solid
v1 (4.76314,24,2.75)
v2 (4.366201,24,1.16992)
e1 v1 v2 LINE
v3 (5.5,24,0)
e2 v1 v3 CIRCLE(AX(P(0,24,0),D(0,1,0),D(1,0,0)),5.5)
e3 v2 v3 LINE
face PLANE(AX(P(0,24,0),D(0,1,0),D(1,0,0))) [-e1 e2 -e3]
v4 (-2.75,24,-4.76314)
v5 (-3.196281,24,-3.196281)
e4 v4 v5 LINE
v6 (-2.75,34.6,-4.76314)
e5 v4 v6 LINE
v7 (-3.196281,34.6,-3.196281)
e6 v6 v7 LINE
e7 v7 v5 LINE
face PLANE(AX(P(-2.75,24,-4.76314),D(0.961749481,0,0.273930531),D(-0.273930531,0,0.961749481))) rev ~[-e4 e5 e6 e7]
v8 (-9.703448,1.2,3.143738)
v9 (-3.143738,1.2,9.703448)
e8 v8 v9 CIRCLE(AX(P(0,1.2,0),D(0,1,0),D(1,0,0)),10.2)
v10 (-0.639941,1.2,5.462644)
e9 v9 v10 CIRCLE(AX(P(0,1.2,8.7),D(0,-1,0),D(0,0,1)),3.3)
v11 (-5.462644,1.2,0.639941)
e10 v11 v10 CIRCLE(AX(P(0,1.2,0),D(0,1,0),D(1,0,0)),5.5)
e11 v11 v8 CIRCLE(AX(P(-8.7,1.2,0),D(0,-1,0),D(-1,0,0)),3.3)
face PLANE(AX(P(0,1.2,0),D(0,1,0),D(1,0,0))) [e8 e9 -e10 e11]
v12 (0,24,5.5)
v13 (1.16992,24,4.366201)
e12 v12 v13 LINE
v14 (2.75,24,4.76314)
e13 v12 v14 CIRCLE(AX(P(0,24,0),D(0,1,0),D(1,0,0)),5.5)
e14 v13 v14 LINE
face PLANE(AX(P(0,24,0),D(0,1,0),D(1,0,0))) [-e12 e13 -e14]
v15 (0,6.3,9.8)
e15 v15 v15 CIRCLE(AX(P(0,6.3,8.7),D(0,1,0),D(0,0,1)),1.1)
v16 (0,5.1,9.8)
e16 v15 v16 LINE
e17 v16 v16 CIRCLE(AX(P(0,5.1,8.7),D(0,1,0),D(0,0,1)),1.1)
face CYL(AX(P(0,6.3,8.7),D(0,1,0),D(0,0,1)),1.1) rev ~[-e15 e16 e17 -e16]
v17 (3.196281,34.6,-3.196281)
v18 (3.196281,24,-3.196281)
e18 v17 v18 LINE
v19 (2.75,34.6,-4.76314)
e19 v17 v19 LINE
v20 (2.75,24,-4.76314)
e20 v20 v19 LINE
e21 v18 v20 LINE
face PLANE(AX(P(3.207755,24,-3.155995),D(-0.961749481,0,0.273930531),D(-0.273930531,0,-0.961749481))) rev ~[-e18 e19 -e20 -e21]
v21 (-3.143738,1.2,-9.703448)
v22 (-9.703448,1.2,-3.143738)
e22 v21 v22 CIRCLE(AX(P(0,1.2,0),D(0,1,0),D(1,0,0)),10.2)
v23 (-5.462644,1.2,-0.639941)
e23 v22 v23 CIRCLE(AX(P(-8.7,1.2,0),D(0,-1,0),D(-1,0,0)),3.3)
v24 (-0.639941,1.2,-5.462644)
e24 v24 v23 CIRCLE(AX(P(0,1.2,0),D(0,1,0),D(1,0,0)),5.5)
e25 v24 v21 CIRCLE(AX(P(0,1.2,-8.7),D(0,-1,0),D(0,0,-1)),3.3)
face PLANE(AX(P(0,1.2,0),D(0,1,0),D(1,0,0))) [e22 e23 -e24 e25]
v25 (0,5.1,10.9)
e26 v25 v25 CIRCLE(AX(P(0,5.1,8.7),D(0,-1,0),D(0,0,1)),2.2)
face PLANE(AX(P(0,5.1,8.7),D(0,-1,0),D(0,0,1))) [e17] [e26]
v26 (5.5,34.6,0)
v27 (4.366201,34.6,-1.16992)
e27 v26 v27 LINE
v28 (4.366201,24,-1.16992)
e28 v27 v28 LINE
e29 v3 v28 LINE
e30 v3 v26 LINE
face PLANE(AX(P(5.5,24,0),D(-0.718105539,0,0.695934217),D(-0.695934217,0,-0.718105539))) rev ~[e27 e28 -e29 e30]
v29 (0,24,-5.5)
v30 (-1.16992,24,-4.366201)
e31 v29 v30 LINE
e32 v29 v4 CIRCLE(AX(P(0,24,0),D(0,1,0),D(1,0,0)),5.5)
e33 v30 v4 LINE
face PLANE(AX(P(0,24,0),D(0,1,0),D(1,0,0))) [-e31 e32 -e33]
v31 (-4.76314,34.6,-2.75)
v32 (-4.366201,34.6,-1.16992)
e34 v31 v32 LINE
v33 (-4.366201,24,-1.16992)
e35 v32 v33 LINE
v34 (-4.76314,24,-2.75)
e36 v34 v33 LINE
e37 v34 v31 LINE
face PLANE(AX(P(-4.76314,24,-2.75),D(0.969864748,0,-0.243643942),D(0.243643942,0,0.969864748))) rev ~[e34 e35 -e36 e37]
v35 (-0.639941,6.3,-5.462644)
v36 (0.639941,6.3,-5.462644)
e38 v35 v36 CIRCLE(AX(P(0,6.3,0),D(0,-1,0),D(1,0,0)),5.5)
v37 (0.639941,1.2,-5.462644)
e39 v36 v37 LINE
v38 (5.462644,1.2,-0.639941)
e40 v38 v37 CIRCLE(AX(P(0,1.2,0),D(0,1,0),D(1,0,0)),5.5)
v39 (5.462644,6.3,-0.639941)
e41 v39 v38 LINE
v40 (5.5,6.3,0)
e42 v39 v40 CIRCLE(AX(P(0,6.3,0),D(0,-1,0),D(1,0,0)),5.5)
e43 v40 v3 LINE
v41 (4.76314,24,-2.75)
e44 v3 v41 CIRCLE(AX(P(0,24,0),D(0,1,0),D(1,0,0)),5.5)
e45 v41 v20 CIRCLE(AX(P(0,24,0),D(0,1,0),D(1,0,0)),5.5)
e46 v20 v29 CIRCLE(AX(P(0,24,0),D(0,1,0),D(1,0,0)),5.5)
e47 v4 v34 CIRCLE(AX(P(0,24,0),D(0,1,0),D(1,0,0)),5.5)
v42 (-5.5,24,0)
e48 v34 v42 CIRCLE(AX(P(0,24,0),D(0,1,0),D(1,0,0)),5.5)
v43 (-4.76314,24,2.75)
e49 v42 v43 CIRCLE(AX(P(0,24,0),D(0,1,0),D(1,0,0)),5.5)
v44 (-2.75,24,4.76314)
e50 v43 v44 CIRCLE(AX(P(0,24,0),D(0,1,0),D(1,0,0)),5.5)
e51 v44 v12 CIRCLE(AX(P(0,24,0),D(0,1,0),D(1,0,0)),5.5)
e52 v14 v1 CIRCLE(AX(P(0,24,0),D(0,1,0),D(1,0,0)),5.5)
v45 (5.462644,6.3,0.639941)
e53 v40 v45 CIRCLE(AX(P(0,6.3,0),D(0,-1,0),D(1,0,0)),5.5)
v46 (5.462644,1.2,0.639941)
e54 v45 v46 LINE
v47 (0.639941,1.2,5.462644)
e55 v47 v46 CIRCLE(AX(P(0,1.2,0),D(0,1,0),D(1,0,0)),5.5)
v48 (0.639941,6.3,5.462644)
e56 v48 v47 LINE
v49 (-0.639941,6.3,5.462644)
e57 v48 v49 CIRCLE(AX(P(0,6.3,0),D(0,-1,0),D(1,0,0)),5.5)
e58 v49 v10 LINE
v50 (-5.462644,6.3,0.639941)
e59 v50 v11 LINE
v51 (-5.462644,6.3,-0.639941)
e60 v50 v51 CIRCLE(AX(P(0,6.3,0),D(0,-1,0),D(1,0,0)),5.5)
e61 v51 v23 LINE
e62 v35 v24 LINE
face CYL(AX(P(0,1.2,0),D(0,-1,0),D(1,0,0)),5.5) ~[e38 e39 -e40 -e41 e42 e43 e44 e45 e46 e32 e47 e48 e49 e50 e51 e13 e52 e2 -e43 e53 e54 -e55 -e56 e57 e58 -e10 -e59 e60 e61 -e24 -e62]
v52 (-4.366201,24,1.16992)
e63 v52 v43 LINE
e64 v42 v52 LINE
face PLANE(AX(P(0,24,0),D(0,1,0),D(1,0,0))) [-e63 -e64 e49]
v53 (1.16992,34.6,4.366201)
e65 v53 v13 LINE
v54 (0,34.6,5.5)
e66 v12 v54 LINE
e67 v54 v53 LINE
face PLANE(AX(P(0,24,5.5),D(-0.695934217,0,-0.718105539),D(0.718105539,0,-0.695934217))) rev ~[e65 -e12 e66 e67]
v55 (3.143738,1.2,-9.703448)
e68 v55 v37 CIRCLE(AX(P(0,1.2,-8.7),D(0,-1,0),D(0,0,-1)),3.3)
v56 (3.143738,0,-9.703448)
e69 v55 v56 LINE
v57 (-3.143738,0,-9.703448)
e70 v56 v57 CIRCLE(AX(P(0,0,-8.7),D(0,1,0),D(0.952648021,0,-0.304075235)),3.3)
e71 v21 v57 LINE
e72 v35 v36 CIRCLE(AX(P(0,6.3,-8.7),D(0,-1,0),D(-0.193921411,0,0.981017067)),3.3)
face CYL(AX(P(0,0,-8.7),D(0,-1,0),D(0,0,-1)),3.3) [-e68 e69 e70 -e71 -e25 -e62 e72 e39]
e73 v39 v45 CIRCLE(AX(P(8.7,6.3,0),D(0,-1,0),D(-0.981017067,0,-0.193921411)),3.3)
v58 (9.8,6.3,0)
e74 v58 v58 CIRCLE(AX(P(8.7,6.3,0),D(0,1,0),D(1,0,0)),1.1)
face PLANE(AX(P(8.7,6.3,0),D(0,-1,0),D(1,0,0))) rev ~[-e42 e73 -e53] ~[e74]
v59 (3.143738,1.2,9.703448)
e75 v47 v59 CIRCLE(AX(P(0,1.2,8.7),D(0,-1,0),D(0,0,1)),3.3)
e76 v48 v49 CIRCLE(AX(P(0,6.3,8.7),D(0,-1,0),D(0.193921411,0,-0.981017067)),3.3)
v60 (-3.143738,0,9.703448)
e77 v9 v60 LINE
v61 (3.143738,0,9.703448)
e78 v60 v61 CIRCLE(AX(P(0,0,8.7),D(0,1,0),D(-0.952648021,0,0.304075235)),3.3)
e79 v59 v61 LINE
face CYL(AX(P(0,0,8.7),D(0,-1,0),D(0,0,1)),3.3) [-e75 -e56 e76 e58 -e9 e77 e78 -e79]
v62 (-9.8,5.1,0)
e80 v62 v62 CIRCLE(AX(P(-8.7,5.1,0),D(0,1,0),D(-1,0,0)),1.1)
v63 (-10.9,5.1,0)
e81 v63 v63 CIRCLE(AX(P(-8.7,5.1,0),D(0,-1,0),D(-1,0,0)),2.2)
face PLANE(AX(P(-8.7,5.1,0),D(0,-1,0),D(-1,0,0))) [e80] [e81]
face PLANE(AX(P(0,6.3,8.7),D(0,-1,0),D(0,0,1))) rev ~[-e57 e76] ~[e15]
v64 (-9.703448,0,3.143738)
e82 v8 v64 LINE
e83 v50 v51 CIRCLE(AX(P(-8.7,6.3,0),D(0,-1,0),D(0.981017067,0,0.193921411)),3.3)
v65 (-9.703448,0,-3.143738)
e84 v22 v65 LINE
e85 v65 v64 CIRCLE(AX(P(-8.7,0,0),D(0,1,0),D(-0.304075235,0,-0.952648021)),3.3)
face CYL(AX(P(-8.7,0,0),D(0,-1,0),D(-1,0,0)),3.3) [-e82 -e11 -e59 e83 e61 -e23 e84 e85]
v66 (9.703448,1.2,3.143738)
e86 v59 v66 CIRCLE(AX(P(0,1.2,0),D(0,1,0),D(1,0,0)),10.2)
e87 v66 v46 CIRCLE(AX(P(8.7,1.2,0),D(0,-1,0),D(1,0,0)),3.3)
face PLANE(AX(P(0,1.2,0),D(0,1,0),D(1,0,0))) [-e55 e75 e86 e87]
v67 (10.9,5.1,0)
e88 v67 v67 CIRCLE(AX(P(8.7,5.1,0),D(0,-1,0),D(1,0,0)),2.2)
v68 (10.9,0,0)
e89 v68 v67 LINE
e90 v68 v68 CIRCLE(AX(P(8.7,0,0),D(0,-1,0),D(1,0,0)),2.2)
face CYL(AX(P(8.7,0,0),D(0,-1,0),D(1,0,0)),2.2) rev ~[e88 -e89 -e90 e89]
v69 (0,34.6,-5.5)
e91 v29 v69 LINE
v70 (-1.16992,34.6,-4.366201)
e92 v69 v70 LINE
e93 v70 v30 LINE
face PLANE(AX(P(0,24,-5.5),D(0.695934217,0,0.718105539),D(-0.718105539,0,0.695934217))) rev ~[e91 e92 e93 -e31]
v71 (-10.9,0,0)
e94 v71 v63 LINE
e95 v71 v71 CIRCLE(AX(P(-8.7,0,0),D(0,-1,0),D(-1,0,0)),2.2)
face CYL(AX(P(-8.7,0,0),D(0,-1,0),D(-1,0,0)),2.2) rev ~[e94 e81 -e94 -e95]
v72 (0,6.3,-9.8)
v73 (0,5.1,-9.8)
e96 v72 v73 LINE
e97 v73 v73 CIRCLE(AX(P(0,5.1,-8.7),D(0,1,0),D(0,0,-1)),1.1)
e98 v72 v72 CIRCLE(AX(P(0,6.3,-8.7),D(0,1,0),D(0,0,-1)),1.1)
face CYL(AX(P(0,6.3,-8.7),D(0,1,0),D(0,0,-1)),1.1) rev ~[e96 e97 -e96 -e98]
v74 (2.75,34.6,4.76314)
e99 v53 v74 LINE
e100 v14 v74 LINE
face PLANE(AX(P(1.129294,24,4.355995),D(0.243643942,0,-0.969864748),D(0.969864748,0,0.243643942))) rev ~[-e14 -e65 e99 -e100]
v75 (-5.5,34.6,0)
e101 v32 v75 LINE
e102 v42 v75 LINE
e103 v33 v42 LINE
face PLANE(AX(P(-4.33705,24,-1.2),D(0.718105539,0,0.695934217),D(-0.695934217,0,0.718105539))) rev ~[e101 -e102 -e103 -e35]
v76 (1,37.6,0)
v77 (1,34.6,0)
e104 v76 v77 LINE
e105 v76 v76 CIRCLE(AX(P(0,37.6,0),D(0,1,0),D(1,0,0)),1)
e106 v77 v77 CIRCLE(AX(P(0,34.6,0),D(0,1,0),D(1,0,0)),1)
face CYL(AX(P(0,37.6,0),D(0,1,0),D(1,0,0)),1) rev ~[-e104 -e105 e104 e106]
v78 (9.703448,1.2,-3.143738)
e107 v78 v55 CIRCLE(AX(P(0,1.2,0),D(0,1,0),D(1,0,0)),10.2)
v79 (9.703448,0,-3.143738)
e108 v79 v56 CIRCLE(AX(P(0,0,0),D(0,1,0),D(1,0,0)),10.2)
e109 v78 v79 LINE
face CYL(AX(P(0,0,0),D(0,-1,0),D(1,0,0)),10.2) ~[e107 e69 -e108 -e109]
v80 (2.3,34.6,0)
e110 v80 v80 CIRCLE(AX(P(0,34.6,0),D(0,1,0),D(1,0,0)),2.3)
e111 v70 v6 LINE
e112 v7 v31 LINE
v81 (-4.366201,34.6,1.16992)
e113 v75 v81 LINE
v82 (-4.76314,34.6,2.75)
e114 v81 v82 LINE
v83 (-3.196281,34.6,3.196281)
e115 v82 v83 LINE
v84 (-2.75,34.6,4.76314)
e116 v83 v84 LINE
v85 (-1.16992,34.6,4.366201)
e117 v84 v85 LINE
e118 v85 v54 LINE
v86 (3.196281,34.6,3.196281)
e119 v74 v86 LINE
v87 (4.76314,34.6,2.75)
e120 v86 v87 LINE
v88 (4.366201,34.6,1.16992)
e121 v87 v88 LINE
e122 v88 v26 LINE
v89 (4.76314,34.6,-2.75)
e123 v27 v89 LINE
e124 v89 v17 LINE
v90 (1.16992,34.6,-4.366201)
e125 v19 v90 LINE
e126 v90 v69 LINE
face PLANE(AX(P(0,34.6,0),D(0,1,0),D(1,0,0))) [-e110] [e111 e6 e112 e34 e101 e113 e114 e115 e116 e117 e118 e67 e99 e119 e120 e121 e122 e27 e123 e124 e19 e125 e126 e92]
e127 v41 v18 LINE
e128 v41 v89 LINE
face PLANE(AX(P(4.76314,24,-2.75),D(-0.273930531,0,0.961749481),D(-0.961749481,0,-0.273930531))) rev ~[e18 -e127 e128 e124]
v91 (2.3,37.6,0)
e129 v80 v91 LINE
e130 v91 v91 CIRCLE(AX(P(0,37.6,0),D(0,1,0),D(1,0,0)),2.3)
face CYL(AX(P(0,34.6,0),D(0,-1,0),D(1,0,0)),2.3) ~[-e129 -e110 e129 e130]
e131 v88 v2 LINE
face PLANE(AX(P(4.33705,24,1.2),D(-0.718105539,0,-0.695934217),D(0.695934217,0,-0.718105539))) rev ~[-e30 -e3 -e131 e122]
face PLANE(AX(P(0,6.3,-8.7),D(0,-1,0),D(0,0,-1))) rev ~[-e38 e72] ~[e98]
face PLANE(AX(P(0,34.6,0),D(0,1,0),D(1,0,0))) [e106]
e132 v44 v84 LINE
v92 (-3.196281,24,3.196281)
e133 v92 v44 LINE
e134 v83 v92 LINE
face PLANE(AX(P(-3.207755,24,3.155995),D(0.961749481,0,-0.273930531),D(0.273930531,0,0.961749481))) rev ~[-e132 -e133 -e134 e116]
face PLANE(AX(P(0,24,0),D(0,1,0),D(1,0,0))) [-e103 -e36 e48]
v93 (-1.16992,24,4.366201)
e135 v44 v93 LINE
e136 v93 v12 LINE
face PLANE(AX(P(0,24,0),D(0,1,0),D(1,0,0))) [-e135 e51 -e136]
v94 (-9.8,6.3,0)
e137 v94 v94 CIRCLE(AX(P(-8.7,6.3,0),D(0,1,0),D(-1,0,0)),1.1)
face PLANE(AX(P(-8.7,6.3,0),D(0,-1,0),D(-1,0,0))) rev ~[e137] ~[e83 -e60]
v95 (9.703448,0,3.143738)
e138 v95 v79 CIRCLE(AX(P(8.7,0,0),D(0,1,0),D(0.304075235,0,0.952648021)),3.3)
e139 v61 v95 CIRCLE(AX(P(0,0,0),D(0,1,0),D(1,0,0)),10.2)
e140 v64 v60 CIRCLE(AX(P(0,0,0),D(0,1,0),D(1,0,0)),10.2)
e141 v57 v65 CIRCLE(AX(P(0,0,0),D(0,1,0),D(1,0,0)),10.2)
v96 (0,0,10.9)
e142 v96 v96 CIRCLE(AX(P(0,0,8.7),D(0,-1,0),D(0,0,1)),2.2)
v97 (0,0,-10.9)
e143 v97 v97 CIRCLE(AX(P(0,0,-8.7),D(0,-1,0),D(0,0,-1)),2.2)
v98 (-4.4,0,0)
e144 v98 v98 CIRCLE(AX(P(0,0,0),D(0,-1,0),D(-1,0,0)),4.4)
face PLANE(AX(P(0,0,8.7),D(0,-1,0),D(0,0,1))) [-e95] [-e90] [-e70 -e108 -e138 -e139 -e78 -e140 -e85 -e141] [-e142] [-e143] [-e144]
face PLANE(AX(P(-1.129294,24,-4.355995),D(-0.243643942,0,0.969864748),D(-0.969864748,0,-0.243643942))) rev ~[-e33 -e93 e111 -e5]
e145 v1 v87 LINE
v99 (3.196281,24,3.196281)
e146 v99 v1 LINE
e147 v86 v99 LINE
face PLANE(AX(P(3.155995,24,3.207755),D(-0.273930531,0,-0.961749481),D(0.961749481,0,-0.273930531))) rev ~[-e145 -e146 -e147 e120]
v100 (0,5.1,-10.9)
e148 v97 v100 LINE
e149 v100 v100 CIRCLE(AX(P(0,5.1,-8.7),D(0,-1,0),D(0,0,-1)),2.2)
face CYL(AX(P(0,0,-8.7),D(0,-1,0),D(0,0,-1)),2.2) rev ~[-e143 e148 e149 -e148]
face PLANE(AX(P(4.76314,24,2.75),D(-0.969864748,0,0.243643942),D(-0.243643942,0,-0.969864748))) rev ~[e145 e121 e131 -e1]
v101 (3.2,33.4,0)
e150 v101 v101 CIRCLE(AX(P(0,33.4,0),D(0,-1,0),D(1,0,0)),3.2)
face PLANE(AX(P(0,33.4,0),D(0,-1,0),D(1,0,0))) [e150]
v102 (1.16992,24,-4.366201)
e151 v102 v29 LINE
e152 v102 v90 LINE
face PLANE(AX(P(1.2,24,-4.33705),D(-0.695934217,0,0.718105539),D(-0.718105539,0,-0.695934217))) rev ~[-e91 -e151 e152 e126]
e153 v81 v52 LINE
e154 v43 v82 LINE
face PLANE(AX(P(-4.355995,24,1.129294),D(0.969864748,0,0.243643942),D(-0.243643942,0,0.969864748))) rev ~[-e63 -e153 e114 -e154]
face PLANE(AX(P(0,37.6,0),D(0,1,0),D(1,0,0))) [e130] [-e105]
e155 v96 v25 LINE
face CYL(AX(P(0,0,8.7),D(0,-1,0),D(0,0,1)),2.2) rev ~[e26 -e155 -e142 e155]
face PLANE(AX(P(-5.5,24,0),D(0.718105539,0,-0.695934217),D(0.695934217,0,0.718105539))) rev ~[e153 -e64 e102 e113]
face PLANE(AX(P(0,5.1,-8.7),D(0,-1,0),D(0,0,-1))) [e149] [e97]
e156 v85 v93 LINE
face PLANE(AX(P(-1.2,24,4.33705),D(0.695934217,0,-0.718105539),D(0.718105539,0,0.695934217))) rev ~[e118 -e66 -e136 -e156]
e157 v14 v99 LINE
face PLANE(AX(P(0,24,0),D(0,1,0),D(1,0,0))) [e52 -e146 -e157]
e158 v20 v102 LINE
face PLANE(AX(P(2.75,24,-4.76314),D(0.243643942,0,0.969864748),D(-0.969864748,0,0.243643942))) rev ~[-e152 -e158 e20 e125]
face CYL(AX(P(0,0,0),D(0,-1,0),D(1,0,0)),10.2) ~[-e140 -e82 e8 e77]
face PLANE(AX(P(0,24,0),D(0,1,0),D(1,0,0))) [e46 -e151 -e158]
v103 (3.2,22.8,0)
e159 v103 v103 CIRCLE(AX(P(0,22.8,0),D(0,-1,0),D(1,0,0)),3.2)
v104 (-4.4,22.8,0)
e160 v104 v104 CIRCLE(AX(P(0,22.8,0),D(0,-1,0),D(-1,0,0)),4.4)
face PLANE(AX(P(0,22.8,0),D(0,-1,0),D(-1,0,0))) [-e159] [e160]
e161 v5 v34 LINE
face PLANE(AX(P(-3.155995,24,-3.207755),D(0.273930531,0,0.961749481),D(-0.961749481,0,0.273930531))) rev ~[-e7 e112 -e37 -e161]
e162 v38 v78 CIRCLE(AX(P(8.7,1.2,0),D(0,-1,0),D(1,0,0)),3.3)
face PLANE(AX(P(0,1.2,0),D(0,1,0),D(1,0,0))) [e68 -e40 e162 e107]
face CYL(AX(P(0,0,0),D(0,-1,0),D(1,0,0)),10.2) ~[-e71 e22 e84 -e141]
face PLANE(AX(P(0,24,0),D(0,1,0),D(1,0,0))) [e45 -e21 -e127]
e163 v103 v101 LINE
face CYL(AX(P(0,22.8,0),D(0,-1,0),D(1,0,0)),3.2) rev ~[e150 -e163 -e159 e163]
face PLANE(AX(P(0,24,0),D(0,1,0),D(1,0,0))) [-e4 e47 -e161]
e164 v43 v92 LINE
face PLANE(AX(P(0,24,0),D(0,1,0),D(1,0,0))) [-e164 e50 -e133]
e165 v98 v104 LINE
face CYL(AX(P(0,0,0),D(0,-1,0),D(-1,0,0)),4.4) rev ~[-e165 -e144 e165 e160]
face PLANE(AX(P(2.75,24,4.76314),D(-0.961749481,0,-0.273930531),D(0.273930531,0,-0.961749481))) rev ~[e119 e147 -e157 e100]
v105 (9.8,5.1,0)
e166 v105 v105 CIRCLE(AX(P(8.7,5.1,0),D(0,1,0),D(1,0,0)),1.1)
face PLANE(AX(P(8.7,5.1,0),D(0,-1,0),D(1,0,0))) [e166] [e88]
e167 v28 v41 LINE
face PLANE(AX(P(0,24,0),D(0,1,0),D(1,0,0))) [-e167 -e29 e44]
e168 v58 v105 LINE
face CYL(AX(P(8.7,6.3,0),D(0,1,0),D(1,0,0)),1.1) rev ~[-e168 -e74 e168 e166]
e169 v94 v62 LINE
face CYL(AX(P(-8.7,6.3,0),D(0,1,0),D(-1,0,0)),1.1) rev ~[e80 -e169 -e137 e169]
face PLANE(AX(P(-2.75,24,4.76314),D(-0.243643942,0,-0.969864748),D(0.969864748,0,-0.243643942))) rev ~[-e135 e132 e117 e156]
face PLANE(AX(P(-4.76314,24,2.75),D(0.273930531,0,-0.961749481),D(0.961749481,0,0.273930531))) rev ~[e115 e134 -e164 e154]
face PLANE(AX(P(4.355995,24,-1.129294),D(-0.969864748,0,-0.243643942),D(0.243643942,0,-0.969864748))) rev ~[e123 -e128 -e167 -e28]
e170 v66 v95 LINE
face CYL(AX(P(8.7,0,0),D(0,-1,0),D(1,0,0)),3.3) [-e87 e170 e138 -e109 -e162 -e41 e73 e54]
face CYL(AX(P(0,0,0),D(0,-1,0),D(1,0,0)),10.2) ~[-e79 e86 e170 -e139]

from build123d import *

# Parameters (mm, degrees)
SKETCH1_R            = 10.2
BOSS_EXTRUDE1_DEPTH  = 1.2
SKETCH3_R            = 5.5
BOSS_EXTRUDE2_DEPTH  = 22.8
SKETCH6_R            = 3.3
BOSS_EXTRUDE7_DEPTH  = 6.3
SKETCH7_R            = 2.2
CUT_EXTRUDE1_DEPTH   = 5.1
SKETCH8_R            = 1.1
CUT_EXTRUDE2_DEPTH   = 1.2
CIRPATTERN1_COUNT    = 4
SKETCH9_R            = 4.4
CUT_EXTRUDE3_DEPTH   = 22.8
SKETCH10_R           = 4.5
BOSS_EXTRUDE8_DEPTH  = 10.6
BOSS_EXTRUDE9_DEPTH  = 10.6
CIRPATTERN2_COUNT    = 12
SKETCH12_R           = 3.2
CUT_EXTRUDE4_DEPTH   = 10.6
SKETCH13_R           = 2.3
BOSS_EXTRUDE10_DEPTH = 3
SKETCH14_R           = 1
CUT_EXTRUDE5_DEPTH   = 3


with BuildPart() as part:
    # Sketch1 → Boss-Extrude1 (new body)
    with BuildSketch(Plane(origin=(0, 0, 0), x_dir=(1, 0, 0), z_dir=(0, 1, 0))):
        Circle(SKETCH1_R)
    extrude(amount=BOSS_EXTRUDE1_DEPTH)

    # Sketch3 → Boss-Extrude2 (add)
    with BuildSketch(Plane(origin=(0, 1.2, 0), x_dir=(1, 0, 0), z_dir=(0, 1, 0))):
        Circle(SKETCH3_R)
    extrude(amount=BOSS_EXTRUDE2_DEPTH)

    # Sketch6 → Boss-Extrude7 (add)
    with BuildSketch(Plane.XZ):
        with Locations((8.7, 0)):
            Circle(SKETCH6_R)
    boss_extrude7 = extrude(amount=-BOSS_EXTRUDE7_DEPTH)

    # Sketch7 → Cut-Extrude1 (cut)
    with BuildSketch(Plane.XZ):
        with Locations((8.7, 0)):
            Circle(SKETCH7_R)
    cut_extrude1 = extrude(amount=-CUT_EXTRUDE1_DEPTH, mode=Mode.SUBTRACT)

    # Sketch8 → Cut-Extrude2 (cut)
    with BuildSketch(Plane(origin=(0, 6.3, 0), x_dir=(1, 0, 0), z_dir=(0, 1, 0))):
        with Locations((8.7, 0)):
            Circle(SKETCH8_R)
    cut_extrude2 = extrude(amount=-CUT_EXTRUDE2_DEPTH, mode=Mode.SUBTRACT)

    # CirPattern1: Boss-Extrude7, Cut-Extrude1, Cut-Extrude2 ×4 about axis
    cirpattern1_axis = Axis((0, 25.2, 0), (0, -1, 0))
    add([boss_extrude7.rotate(cirpattern1_axis, i * 360 / CIRPATTERN1_COUNT) for i in range(1, CIRPATTERN1_COUNT)])
    add([cut_extrude1.rotate(cirpattern1_axis, i * 360 / CIRPATTERN1_COUNT) for i in range(1, CIRPATTERN1_COUNT)], mode=Mode.SUBTRACT)
    add([cut_extrude2.rotate(cirpattern1_axis, i * 360 / CIRPATTERN1_COUNT) for i in range(1, CIRPATTERN1_COUNT)], mode=Mode.SUBTRACT)

    # Sketch9 → Cut-Extrude3 (cut)
    with BuildSketch(Plane(origin=(0, 0, 0), x_dir=(-1, 0, 0), z_dir=(0, -1, 0))):
        Circle(SKETCH9_R)
    extrude(amount=-CUT_EXTRUDE3_DEPTH, mode=Mode.SUBTRACT)

    # Sketch10 → Boss-Extrude8 (add)
    with BuildSketch(Plane(origin=(0, 24, 0), x_dir=(1, 0, 0), z_dir=(0, 1, 0))):
        Circle(SKETCH10_R)
    extrude(amount=BOSS_EXTRUDE8_DEPTH)

    # Sketch11 → Boss-Extrude9 (add)
    with BuildSketch(Plane(origin=(0, 24, 0), x_dir=(1, 0, 0), z_dir=(0, 1, 0))):
        Polygon((-1.2, 4.337049688), (1.2, 4.337049688), (0, 5.5), align=None)
    boss_extrude9 = extrude(amount=BOSS_EXTRUDE9_DEPTH)

    # CirPattern2: Boss-Extrude9 ×12 about axis
    cirpattern2_axis = Axis((0, 25.2, 0), (0, -1, 0))
    for i in range(1, CIRPATTERN2_COUNT):
        add(boss_extrude9.rotate(cirpattern2_axis, i * 360 / CIRPATTERN2_COUNT))

    # Sketch12 → Cut-Extrude4 (cut)
    with BuildSketch(Plane.XZ.offset(-22.8)):
        Circle(SKETCH12_R)
    extrude(amount=-CUT_EXTRUDE4_DEPTH, mode=Mode.SUBTRACT)

    # Sketch13 → Boss-Extrude10 (add)
    with BuildSketch(Plane(origin=(0, 34.6, 0), x_dir=(1, 0, 0), z_dir=(0, 1, 0))):
        Circle(SKETCH13_R)
    extrude(amount=BOSS_EXTRUDE10_DEPTH)

    # Sketch14 → Cut-Extrude5 (cut)
    with BuildSketch(Plane(origin=(0, 37.6, 0), x_dir=(1, 0, 0), z_dir=(0, 1, 0))):
        Circle(SKETCH14_R)
    extrude(amount=-CUT_EXTRUDE5_DEPTH, mode=Mode.SUBTRACT)


solid = part.part
